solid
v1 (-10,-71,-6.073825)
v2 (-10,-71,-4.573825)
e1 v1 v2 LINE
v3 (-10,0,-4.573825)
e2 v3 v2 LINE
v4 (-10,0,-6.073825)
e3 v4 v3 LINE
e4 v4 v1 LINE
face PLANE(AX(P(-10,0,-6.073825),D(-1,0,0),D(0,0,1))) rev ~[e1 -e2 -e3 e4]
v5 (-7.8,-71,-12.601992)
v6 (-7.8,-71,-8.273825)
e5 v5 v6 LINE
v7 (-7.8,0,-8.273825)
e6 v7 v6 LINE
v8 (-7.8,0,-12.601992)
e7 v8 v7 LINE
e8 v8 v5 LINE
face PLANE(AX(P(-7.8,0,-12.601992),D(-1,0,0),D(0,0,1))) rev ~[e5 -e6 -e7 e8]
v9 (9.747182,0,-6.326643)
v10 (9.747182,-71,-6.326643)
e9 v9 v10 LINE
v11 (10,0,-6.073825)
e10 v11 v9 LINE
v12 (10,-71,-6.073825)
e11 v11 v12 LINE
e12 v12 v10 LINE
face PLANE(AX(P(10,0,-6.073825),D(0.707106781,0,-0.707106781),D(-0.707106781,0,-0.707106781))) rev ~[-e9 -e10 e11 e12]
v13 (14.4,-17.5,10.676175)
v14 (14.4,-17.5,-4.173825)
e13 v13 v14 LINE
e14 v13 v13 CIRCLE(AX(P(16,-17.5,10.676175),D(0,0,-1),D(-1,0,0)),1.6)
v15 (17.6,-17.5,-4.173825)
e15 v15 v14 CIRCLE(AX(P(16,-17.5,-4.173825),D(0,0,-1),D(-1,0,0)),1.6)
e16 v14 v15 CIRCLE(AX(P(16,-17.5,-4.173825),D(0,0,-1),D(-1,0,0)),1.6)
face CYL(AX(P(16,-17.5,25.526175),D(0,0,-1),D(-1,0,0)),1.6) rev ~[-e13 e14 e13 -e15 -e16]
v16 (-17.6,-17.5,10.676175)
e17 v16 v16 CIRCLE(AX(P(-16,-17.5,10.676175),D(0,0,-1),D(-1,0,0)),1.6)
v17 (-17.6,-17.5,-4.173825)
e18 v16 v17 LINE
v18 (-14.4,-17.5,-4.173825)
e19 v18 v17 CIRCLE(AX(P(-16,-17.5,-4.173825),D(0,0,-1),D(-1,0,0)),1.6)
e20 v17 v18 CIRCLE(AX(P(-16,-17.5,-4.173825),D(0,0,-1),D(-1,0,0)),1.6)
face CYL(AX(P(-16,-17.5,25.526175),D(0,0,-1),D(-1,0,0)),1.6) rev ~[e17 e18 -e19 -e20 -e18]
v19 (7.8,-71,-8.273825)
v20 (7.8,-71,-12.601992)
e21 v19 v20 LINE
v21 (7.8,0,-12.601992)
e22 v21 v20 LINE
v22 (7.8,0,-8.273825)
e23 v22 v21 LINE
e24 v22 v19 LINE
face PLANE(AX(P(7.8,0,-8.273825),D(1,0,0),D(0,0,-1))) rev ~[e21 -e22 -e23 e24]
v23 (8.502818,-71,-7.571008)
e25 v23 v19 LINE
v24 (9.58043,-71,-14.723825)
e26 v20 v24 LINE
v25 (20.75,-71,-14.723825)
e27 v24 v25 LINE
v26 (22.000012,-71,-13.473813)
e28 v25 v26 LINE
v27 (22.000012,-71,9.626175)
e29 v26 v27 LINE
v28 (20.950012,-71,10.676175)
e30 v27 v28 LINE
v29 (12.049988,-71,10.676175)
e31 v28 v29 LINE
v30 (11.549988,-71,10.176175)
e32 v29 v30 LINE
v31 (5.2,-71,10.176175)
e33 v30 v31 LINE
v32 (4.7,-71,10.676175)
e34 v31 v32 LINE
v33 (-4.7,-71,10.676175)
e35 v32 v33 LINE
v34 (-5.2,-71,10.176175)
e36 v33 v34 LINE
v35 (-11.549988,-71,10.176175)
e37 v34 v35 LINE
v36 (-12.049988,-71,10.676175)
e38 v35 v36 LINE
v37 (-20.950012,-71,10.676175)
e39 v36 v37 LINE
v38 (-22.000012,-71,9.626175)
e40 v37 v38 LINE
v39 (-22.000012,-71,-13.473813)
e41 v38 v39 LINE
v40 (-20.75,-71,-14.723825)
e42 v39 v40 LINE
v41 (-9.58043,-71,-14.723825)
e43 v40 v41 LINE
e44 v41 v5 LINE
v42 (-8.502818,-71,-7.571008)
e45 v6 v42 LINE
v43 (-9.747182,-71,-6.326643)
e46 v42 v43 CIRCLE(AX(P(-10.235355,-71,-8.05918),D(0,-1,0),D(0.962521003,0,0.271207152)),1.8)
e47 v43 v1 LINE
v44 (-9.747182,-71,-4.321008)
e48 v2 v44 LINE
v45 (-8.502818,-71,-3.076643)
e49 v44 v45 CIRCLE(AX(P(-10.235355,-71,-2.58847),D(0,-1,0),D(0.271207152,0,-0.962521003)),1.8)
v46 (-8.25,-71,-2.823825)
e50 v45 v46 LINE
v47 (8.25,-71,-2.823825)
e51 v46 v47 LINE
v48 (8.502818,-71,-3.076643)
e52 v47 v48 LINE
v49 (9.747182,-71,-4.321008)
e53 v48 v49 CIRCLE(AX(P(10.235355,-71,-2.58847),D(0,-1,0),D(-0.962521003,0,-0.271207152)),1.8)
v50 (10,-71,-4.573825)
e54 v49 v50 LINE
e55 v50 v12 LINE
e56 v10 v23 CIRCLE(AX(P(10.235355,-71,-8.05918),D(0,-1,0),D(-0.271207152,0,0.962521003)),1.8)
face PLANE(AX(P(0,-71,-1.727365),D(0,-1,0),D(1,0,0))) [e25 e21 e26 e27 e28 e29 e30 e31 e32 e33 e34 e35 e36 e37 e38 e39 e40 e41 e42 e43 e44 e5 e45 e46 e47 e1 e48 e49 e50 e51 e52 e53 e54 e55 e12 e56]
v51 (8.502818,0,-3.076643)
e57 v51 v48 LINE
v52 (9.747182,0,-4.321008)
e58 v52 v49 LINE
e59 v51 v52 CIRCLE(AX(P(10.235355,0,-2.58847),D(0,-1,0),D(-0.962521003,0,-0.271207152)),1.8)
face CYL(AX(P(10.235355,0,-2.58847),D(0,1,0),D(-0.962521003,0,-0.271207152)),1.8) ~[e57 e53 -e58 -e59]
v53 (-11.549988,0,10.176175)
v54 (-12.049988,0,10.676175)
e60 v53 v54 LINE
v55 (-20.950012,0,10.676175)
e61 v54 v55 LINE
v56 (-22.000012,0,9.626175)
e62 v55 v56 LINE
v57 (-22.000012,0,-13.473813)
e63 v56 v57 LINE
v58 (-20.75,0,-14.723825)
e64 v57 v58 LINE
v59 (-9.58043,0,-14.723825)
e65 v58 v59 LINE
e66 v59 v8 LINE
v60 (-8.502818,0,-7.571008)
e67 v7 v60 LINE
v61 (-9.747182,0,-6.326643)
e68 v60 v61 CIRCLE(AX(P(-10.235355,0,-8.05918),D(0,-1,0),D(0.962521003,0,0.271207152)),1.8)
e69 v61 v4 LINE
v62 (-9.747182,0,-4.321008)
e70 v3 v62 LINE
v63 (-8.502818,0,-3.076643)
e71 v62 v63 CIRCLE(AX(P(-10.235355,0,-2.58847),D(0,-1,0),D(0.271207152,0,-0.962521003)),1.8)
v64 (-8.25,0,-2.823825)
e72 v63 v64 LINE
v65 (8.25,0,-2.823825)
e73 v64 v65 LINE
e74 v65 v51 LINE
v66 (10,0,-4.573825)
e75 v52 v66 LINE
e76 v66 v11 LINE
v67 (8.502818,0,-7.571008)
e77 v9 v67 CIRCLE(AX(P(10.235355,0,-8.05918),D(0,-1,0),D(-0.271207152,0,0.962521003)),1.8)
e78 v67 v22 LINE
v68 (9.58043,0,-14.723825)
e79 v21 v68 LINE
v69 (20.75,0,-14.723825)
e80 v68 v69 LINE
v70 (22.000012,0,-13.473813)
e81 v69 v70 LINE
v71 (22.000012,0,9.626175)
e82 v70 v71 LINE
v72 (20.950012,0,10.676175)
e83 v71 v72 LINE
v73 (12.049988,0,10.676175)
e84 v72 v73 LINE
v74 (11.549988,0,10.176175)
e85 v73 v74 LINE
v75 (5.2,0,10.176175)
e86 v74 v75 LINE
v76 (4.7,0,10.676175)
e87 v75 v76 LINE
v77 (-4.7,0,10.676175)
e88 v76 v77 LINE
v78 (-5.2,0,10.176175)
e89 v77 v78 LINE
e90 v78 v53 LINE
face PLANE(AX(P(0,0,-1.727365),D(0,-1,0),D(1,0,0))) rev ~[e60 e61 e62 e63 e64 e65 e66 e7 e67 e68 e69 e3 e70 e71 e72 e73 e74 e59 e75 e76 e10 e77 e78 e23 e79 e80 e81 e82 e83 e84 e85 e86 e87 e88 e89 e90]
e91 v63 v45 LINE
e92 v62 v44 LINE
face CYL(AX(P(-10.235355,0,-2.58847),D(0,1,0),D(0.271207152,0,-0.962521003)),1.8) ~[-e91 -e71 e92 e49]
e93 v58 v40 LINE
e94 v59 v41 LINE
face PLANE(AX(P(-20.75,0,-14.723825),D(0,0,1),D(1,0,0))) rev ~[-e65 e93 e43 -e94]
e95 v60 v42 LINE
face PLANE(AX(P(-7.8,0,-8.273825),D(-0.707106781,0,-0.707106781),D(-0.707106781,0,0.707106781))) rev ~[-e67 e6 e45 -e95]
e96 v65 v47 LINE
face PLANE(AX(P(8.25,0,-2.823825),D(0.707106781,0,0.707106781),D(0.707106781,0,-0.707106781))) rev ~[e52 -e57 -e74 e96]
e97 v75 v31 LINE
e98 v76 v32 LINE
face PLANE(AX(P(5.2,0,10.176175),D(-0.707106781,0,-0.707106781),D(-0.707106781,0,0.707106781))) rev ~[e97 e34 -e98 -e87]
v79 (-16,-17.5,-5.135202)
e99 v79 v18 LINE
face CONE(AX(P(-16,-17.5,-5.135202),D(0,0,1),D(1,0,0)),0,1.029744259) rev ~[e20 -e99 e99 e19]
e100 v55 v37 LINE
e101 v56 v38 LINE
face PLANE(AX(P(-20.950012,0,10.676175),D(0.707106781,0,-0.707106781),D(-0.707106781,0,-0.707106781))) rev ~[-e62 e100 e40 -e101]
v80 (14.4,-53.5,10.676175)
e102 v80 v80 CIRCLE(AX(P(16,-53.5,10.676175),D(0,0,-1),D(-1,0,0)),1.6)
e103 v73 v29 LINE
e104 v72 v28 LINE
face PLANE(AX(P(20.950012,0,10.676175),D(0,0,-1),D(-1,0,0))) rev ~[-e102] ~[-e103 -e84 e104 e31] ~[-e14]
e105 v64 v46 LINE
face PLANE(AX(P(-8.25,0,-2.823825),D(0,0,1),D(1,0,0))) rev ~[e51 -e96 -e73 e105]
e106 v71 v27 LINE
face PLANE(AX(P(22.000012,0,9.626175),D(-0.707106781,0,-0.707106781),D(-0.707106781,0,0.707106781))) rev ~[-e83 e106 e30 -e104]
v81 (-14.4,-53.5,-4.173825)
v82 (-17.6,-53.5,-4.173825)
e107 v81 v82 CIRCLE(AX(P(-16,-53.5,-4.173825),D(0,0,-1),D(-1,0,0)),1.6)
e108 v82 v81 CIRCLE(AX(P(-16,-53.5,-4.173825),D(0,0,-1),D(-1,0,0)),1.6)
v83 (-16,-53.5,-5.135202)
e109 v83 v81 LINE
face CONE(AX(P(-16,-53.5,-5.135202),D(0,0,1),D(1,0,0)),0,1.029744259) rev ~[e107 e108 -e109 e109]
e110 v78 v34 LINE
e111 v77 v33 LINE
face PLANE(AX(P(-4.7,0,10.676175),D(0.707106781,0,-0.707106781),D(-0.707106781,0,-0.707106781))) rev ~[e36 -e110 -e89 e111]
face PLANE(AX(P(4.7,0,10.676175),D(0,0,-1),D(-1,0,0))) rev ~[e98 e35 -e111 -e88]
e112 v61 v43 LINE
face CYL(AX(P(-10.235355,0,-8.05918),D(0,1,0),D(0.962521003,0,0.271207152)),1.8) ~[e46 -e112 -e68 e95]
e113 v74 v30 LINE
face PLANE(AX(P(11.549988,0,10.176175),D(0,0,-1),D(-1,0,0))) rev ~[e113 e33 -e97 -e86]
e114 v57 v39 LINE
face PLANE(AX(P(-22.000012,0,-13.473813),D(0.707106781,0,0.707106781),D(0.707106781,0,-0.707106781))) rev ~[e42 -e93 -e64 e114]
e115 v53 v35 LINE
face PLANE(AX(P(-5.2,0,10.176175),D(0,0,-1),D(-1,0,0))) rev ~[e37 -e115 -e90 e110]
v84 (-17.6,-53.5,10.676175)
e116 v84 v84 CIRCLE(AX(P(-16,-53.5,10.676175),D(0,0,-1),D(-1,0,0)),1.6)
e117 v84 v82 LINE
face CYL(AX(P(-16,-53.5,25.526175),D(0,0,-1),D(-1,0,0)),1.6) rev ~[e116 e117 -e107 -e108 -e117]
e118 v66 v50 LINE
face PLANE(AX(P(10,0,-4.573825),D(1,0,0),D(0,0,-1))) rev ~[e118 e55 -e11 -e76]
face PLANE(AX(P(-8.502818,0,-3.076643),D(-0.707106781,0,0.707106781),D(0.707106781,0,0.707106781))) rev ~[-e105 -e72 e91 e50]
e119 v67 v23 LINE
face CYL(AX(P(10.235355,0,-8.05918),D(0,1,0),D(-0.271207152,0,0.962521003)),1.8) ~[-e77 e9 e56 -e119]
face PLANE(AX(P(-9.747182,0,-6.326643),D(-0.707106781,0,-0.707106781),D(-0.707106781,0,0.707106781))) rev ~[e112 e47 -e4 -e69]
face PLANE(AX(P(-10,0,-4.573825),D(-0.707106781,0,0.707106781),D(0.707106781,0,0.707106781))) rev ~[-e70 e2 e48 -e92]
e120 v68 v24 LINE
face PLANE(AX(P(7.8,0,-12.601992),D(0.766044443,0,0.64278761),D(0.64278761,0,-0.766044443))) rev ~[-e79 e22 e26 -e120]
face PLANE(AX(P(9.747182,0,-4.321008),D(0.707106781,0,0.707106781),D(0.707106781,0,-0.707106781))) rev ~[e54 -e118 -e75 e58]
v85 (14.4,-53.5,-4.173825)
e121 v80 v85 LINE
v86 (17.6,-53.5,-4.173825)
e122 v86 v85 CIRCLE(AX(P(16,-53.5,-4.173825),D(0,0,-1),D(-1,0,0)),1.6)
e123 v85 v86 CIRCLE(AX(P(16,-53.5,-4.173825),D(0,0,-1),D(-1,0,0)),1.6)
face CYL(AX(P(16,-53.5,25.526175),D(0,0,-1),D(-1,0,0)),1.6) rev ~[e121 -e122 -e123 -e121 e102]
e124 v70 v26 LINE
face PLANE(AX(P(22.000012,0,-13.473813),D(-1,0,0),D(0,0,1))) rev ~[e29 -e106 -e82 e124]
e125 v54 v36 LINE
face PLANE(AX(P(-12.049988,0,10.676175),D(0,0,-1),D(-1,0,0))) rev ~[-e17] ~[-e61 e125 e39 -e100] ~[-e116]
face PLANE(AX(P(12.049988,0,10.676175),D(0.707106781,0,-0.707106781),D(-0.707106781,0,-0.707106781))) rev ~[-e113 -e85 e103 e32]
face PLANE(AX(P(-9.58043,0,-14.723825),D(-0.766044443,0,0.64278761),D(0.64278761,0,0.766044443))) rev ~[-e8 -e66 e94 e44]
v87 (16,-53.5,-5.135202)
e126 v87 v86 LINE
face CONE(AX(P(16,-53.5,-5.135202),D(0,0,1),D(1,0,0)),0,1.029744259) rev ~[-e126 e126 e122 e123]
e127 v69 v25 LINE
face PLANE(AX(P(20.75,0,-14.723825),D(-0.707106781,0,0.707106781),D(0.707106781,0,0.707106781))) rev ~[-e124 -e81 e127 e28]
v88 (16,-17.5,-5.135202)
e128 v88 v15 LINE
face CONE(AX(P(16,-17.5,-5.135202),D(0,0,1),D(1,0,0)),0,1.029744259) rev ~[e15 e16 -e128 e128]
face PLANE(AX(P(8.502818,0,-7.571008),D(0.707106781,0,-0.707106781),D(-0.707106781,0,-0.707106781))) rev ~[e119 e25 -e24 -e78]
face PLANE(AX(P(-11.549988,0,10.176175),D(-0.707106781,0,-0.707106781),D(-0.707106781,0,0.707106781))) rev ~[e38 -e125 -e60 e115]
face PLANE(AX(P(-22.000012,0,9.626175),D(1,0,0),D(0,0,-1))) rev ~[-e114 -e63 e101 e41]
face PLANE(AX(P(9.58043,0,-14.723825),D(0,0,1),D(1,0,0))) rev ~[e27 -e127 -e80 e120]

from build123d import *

# Parameters (mm, degrees)
F1_DEPTH = 71
F3_D     = 3.2
F3_DEPTH = 14.85
F3_TIP   = 0.9613769904


with BuildPart() as f1:
    # F0 (on Front) → F1 (new body)
    with BuildSketch(Plane.XZ):
        with BuildLine():
            Line((22.000012, -13.4738130626), (22.000012, 0.9761649373))
            Line((22.000012, 0.9761649373), (22.000012, 9.6261749373))
            Line((22.000012, 9.6261749373), (20.950012, 10.6761749374))
            Line((20.950012, 10.6761749374), (12.049988, 10.6761749373))
            Line((12.049988, 10.6761749373), (11.549988, 10.1761749373))
            Line((11.549988, 10.1761749373), (5.2, 10.1761749373))
            Line((5.2, 10.1761749373), (4.7, 10.6761749373))
            Line((4.7, 10.6761749373), (-4.7, 10.6761749373))
            Line((-4.7, 10.6761749373), (-5.2, 10.1761749373))
            Line((-5.2, 10.1761749373), (-11.549988, 10.1761749373))
            Line((-11.549988, 10.1761749373), (-12.049988, 10.6761749373))
            Line((-12.049988, 10.6761749373), (-20.950012, 10.6761749373))
            Line((-20.950012, 10.6761749373), (-22.000012, 9.6261749373))
            Line((-22.000012, 9.6261749373), (-22.000012, 0.9761649373))
            Line((-22.000012, 0.9761649373), (-22.000012, -13.4738130627))
            Line((-22.000012, -13.4738130627), (-20.75, -14.7238250627))
            Line((-20.75, -14.7238250627), (-9.5804297104, -14.7238250627))
            Line((-9.5804297104, -14.7238250627), (-7.8, -12.601991559))
            Line((-7.8, -12.601991559), (-7.8, -8.2738250627))
            Line((-7.8, -8.2738250627), (-8.502817534, -7.5710075287))
            ThreePointArc((-8.502817534, -7.5710075287), (-8.962563133, -6.7863881956), (-9.7471824661, -6.3266425966))
            Line((-9.7471824661, -6.3266425966), (-10, -6.0738250627))
            Line((-10, -6.0738250627), (-10, -4.5738250627))
            Line((-10, -4.5738250627), (-9.747182466, -4.3210075287))
            ThreePointArc((-9.747182466, -4.3210075287), (-8.962563133, -3.8612619297), (-8.502817534, -3.0766425966))
            Line((-8.502817534, -3.0766425966), (-8.25, -2.8238250627))
            Line((-8.25, -2.8238250627), (8.25, -2.8238250628))
            Line((8.25, -2.8238250628), (8.502817534, -3.0766425968))
            ThreePointArc((8.502817534, -3.0766425968), (8.9625631329, -3.8612619298), (9.747182466, -4.3210075287))
            Line((9.747182466, -4.3210075287), (10, -4.5738250627))
            Line((10, -4.5738250627), (10, -6.0738250627))
            Line((10, -6.0738250627), (9.747182466, -6.3266425966))
            ThreePointArc((9.747182466, -6.3266425966), (8.9625631329, -6.7863881956), (8.5028175339, -7.5710075287))
            Line((8.5028175339, -7.5710075287), (7.8, -8.2738250627))
            Line((7.8, -8.2738250627), (7.8, -12.601991559))
            Line((7.8, -12.601991559), (9.5804297104, -14.7238250627))
            Line((9.5804297104, -14.7238250627), (20.75, -14.7238250627))
            Line((20.75, -14.7238250627), (22.000012, -13.4738130626))
        make_face()
    extrude(amount=F1_DEPTH)

    # F3
    with Locations(Plane.XY.offset(10.6761749373)):
        with Locations((-16, -17.5), (-16, -53.5), (16, -53.5), (16, -17.5)):
            Hole(F3_D / 2, depth=F3_DEPTH)
            with Locations((0, 0, -(F3_DEPTH + F3_TIP / 2))):  # 118° drill point
                Cone(0, F3_D / 2, F3_TIP, mode=Mode.SUBTRACT)


solid = f1.part
